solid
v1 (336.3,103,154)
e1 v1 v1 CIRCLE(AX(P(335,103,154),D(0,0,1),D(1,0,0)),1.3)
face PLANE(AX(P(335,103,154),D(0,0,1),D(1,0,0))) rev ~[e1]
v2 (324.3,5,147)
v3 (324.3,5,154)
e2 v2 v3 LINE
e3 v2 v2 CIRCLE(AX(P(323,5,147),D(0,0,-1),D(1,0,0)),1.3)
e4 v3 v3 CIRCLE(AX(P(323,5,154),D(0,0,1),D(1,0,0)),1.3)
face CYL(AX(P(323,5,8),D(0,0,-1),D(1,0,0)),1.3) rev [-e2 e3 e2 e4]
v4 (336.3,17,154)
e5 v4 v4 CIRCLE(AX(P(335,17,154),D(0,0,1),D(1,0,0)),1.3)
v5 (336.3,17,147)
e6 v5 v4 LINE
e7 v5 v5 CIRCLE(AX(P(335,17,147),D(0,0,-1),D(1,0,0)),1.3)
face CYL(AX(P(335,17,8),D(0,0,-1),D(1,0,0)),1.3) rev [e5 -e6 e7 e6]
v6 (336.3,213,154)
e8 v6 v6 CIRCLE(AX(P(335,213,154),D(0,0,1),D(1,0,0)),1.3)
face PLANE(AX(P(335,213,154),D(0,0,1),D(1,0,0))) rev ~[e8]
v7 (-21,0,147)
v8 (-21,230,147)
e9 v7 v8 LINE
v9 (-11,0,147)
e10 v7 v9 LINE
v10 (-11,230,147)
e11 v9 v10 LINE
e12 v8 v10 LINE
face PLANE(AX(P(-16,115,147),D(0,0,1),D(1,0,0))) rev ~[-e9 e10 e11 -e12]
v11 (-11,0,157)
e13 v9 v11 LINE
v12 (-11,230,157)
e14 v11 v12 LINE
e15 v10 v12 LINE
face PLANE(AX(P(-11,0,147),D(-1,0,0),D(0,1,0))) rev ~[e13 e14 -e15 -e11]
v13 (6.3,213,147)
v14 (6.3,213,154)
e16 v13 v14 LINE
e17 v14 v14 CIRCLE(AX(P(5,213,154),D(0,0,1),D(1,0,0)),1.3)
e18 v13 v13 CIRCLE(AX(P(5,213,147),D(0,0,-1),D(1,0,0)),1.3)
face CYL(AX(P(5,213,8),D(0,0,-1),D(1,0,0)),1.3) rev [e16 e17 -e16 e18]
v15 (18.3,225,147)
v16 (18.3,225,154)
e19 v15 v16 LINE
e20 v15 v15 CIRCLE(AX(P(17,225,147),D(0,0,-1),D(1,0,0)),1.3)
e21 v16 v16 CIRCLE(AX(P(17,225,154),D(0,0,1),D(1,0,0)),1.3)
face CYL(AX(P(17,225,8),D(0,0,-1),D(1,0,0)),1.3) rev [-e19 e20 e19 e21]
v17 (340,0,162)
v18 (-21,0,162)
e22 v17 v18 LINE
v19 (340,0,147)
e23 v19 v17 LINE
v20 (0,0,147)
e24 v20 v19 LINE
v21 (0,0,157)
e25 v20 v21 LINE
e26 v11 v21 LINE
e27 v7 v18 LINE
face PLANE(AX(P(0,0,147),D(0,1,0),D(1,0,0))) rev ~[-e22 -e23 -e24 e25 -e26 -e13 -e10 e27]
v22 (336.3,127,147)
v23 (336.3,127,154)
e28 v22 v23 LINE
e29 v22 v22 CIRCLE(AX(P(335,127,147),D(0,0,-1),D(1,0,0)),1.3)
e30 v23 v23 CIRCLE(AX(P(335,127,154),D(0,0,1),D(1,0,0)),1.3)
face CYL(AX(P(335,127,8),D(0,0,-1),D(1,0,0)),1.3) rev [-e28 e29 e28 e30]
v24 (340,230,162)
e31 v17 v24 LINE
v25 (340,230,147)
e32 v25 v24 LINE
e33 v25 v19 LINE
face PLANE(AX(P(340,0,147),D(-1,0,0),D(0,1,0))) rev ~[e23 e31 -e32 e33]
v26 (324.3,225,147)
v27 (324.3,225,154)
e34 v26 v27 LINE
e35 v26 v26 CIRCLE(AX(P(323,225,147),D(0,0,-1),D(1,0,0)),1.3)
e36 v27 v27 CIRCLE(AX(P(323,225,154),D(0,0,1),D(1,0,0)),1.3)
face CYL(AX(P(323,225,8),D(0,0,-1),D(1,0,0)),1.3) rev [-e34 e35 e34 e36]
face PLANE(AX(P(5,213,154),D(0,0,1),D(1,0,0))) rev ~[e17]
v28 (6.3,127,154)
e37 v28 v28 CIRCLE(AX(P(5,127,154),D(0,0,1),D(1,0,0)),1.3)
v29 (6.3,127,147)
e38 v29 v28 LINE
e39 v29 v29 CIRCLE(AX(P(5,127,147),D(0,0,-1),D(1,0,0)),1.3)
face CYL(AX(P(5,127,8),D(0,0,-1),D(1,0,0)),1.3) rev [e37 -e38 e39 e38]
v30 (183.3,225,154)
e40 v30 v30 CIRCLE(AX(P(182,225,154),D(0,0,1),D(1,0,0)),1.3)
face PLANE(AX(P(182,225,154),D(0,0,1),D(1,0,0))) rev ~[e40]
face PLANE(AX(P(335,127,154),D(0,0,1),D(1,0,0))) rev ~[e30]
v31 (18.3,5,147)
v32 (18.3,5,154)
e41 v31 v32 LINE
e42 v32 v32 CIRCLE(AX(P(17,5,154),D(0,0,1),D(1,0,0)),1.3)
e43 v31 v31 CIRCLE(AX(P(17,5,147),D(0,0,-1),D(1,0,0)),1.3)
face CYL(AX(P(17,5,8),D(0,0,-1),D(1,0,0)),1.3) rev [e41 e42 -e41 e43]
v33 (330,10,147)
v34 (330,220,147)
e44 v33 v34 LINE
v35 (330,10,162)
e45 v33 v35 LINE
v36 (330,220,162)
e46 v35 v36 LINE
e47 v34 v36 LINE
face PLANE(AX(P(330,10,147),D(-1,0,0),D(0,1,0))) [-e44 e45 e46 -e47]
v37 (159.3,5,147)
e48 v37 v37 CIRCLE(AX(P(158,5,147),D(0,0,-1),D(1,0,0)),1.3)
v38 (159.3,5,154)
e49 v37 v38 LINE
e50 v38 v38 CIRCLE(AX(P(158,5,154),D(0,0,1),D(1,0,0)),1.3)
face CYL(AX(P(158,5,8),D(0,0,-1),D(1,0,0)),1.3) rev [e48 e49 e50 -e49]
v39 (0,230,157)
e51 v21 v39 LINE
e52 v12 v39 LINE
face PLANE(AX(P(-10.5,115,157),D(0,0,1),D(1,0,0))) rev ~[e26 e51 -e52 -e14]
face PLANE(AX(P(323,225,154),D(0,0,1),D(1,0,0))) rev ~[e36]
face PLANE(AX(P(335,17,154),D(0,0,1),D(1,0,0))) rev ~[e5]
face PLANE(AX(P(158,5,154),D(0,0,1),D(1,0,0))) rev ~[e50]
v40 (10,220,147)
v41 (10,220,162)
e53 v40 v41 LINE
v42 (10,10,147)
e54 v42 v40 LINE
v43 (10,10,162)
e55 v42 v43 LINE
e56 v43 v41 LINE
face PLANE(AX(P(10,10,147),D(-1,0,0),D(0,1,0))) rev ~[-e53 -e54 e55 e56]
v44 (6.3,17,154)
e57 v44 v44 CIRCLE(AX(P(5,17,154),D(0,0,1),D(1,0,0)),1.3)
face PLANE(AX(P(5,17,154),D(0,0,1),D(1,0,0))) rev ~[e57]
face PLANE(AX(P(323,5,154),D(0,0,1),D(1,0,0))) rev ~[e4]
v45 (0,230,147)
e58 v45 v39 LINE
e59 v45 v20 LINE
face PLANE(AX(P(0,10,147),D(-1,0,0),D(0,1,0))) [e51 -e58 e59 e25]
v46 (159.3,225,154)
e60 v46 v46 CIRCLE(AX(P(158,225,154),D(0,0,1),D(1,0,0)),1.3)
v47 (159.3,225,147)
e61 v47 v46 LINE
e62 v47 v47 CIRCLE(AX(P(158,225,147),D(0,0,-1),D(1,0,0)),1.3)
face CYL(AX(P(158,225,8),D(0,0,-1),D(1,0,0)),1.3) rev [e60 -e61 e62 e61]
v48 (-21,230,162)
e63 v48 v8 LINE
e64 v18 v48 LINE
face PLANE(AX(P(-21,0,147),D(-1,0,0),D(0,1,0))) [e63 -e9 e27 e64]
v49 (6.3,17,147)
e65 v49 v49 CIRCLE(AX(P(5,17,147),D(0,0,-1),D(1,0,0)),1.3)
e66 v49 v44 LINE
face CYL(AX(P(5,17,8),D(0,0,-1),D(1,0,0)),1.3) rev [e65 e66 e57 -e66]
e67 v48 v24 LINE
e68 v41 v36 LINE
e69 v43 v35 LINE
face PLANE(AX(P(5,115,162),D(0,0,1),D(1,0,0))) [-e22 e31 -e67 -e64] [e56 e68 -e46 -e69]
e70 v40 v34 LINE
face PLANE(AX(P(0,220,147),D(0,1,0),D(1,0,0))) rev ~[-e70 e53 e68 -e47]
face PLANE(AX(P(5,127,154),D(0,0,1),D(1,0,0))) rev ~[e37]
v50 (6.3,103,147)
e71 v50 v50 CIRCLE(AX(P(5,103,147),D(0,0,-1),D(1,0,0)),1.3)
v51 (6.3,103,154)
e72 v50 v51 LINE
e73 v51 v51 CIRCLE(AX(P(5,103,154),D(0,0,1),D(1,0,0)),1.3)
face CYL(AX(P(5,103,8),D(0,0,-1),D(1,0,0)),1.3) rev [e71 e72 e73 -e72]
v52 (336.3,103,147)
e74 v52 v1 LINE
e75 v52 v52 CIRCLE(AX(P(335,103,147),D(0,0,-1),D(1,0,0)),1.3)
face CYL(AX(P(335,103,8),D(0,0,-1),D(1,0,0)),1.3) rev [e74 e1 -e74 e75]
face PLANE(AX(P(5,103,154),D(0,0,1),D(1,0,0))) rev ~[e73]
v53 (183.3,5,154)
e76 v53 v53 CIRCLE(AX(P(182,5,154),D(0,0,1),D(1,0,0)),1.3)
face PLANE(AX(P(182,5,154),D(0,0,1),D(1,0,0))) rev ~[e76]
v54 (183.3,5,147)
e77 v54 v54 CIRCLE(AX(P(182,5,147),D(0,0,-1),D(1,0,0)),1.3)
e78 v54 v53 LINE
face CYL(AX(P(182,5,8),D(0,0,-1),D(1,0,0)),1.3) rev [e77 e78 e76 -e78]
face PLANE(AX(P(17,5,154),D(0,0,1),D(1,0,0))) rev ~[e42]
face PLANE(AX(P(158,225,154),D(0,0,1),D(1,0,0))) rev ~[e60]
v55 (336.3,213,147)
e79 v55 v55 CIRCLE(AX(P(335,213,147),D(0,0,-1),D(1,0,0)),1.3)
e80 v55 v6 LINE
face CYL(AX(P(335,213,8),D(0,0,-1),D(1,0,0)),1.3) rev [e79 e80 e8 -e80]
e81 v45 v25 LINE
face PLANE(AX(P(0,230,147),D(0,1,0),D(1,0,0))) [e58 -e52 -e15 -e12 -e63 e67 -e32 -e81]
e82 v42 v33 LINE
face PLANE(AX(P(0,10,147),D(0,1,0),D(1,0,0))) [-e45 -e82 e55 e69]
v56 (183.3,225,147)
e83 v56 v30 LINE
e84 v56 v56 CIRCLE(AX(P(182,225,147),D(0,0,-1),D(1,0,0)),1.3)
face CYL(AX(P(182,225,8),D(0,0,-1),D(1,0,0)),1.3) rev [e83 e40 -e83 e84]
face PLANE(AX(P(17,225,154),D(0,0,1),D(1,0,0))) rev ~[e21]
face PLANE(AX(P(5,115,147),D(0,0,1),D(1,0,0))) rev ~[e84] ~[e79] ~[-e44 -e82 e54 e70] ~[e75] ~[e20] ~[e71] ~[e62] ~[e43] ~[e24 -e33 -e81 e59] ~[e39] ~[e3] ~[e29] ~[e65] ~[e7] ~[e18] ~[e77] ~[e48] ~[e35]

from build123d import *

# Parameters (mm, degrees)
CYLINDER047_R     = 1.3
CYLINDER047_DEPTH = 146
CYLINDER045_R     = 1.3
CYLINDER045_DEPTH = 146
CYLINDER043_R     = 1.3
CYLINDER043_DEPTH = 146
CYLINDER040_R     = 1.3
CYLINDER040_DEPTH = 146
CYLINDER039_R     = 1.3
CYLINDER039_DEPTH = 146
CYLINDER036_R     = 1.3
CYLINDER036_DEPTH = 146
CYLINDER034_R     = 1.3
CYLINDER034_DEPTH = 146
CYLINDER032_R     = 1.3
CYLINDER032_DEPTH = 146
CYLINDER030_R     = 1.3
CYLINDER030_DEPTH = 146
CYLINDER018_R     = 1.3
CYLINDER018_DEPTH = 146
CYLINDER017_R     = 1.3
CYLINDER017_DEPTH = 146
CYLINDER012_R     = 1.3
CYLINDER012_DEPTH = 146
CYLINDER011_R     = 1.3
CYLINDER011_DEPTH = 146
CYLINDER009_R     = 1.3
CYLINDER009_DEPTH = 146
CYLINDER002_R     = 1.3
CYLINDER002_DEPTH = 146
CYLINDER001_R     = 1.3
CYLINDER001_DEPTH = 146
BOX046_W          = 10
BOX046_H          = 230
BOX046_DEPTH      = 10
BOX041_W          = 10
BOX041_H          = 210
BOX041_DEPTH      = 15
BOX040_W          = 340
BOX040_H          = 10
BOX040_DEPTH      = 15
BOX024_W          = 10
BOX024_H          = 210
BOX024_DEPTH      = 15
BOX042_W          = 340
BOX042_H          = 10
BOX042_DEPTH      = 15
BOX045_W          = 21
BOX045_H          = 230
BOX045_DEPTH      = 5


with BuildPart() as cilindro047:
    # Cylinder047 → Cylinder047 (new body)
    with BuildSketch(Plane(origin=(5, 103, 8), x_dir=(1, 0, 0), z_dir=(0, 0, 1))):
        Circle(CYLINDER047_R)
    extrude(amount=CYLINDER047_DEPTH)


with BuildPart() as cilindro045:
    # Cylinder045 → Cylinder045 (new body)
    with BuildSketch(Plane(origin=(5, 127, 8), x_dir=(1, 0, 0), z_dir=(0, 0, 1))):
        Circle(CYLINDER045_R)
    extrude(amount=CYLINDER045_DEPTH)


with BuildPart() as cilindro043:
    # Cylinder043 → Cylinder043 (new body)
    with BuildSketch(Plane(origin=(5, 213, 8), x_dir=(1, 0, 0), z_dir=(0, 0, 1))):
        Circle(CYLINDER043_R)
    extrude(amount=CYLINDER043_DEPTH)


with BuildPart() as cilindro040:
    # Cylinder040 → Cylinder040 (new body)
    with BuildSketch(Plane(origin=(17, 225, 8), x_dir=(1, 0, 0), z_dir=(0, 0, 1))):
        Circle(CYLINDER040_R)
    extrude(amount=CYLINDER040_DEPTH)


with BuildPart() as cilindro039:
    # Cylinder039 → Cylinder039 (new body)
    with BuildSketch(Plane(origin=(158, 225, 8), x_dir=(1, 0, 0), z_dir=(0, 0, 1))):
        Circle(CYLINDER039_R)
    extrude(amount=CYLINDER039_DEPTH)


with BuildPart() as cilindro036:
    # Cylinder036 → Cylinder036 (new body)
    with BuildSketch(Plane(origin=(182, 225, 8), x_dir=(1, 0, 0), z_dir=(0, 0, 1))):
        Circle(CYLINDER036_R)
    extrude(amount=CYLINDER036_DEPTH)


with BuildPart() as cilindro034:
    # Cylinder034 → Cylinder034 (new body)
    with BuildSketch(Plane(origin=(323, 225, 8), x_dir=(1, 0, 0), z_dir=(0, 0, 1))):
        Circle(CYLINDER034_R)
    extrude(amount=CYLINDER034_DEPTH)


with BuildPart() as cilindro032:
    # Cylinder032 → Cylinder032 (new body)
    with BuildSketch(Plane(origin=(335, 213, 8), x_dir=(1, 0, 0), z_dir=(0, 0, 1))):
        Circle(CYLINDER032_R)
    extrude(amount=CYLINDER032_DEPTH)


with BuildPart() as cilindro030:
    # Cylinder030 → Cylinder030 (new body)
    with BuildSketch(Plane(origin=(335, 127, 8), x_dir=(1, 0, 0), z_dir=(0, 0, 1))):
        Circle(CYLINDER030_R)
    extrude(amount=CYLINDER030_DEPTH)


with BuildPart() as cilindro018:
    # Cylinder018 → Cylinder018 (new body)
    with BuildSketch(Plane(origin=(335, 103, 8), x_dir=(1, 0, 0), z_dir=(0, 0, 1))):
        Circle(CYLINDER018_R)
    extrude(amount=CYLINDER018_DEPTH)


with BuildPart() as cilindro017:
    # Cylinder017 → Cylinder017 (new body)
    with BuildSketch(Plane(origin=(335, 17, 8), x_dir=(1, 0, 0), z_dir=(0, 0, 1))):
        Circle(CYLINDER017_R)
    extrude(amount=CYLINDER017_DEPTH)


with BuildPart() as cilindro012:
    # Cylinder012 → Cylinder012 (new body)
    with BuildSketch(Plane(origin=(323, 5, 8), x_dir=(1, 0, 0), z_dir=(0, 0, 1))):
        Circle(CYLINDER012_R)
    extrude(amount=CYLINDER012_DEPTH)


with BuildPart() as cilindro011:
    # Cylinder011 → Cylinder011 (new body)
    with BuildSketch(Plane(origin=(182, 5, 8), x_dir=(1, 0, 0), z_dir=(0, 0, 1))):
        Circle(CYLINDER011_R)
    extrude(amount=CYLINDER011_DEPTH)


with BuildPart() as cilindro009:
    # Cylinder009 → Cylinder009 (new body)
    with BuildSketch(Plane(origin=(158, 5, 8), x_dir=(1, 0, 0), z_dir=(0, 0, 1))):
        Circle(CYLINDER009_R)
    extrude(amount=CYLINDER009_DEPTH)


with BuildPart() as cilindro002:
    # Cylinder002 → Cylinder002 (new body)
    with BuildSketch(Plane(origin=(5, 17, 8), x_dir=(1, 0, 0), z_dir=(0, 0, 1))):
        Circle(CYLINDER002_R)
    extrude(amount=CYLINDER002_DEPTH)


with BuildPart() as cilindro001:
    # Cylinder001 → Cylinder001 (new body)
    with BuildSketch(Plane(origin=(17, 5, 8), x_dir=(1, 0, 0), z_dir=(0, 0, 1))):
        Circle(CYLINDER001_R)
    extrude(amount=CYLINDER001_DEPTH)


with BuildPart() as cubo009:
    # Box046 → Box046 (new body)
    with BuildSketch(Plane(origin=(-21, 249, 0), x_dir=(1, 0, 0), z_dir=(0, 0, 1))):
        with Locations((5, 115)):
            Rectangle(BOX046_W, BOX046_H)
    extrude(amount=BOX046_DEPTH)


with BuildPart() as cubo004:
    # Box041 → Box041 (new body)
    with BuildSketch(Plane(origin=(330, 259, 0), x_dir=(1, 0, 0), z_dir=(0, 0, 1))):
        with Locations((5, 105)):
            Rectangle(BOX041_W, BOX041_H)
    extrude(amount=BOX041_DEPTH)


with BuildPart() as cubo003:
    # Box040 → Box040 (new body)
    with BuildSketch(Plane(origin=(0, 249, 0), x_dir=(1, 0, 0), z_dir=(0, 0, 1))):
        with Locations((170, 5)):
            Rectangle(BOX040_W, BOX040_H)
    extrude(amount=BOX040_DEPTH)


with BuildPart() as cubo002:
    # Box024 → Box024 (new body)
    with BuildSketch(Plane(origin=(0, 259, 0), x_dir=(1, 0, 0), z_dir=(0, 0, 1))):
        with Locations((5, 105)):
            Rectangle(BOX024_W, BOX024_H)
    extrude(amount=BOX024_DEPTH)


with BuildPart() as techo:
    # Box042 → Box042 (new body)
    with BuildSketch(Plane(origin=(0, 469, 0), x_dir=(1, 0, 0), z_dir=(0, 0, 1))):
        with Locations((170, 5)):
            Rectangle(BOX042_W, BOX042_H)
    extrude(amount=BOX042_DEPTH)

    # Fusion004: union Cubo004, Cubo003, Cubo002
    add(cubo004.part)
    add(cubo003.part)
    add(cubo002.part)


with BuildPart() as cut062:
    # Box045 → Box045 (new body)
    with BuildSketch(Plane(origin=(-21, 249, 10), x_dir=(1, 0, 0), z_dir=(0, 0, 1))):
        with Locations((10.5, 115)):
            Rectangle(BOX045_W, BOX045_H)
    extrude(amount=BOX045_DEPTH)

    # Fusion005: union Cubo009, techo
    add(cubo009.part)
    add(techo.part)


with BuildPart() as cut062_1:
    # Fusion005 placement: moved
    add(cut062.part.moved(Location((0, -249, 147))))

    # Cut016: cut Cilindro001
    add(cilindro001.part, mode=Mode.SUBTRACT)

    # Cut017: cut Cilindro002
    add(cilindro002.part, mode=Mode.SUBTRACT)

    # Cut023: cut Cilindro009
    add(cilindro009.part, mode=Mode.SUBTRACT)

    # Cut026: cut Cilindro011
    add(cilindro011.part, mode=Mode.SUBTRACT)

    # Cut029: cut Cilindro012
    add(cilindro012.part, mode=Mode.SUBTRACT)

    # Cut032: cut Cilindro017
    add(cilindro017.part, mode=Mode.SUBTRACT)

    # Cut043: cut Cilindro018
    add(cilindro018.part, mode=Mode.SUBTRACT)

    # Cut045: cut Cilindro030
    add(cilindro030.part, mode=Mode.SUBTRACT)

    # Cut047: cut Cilindro032
    add(cilindro032.part, mode=Mode.SUBTRACT)

    # Cut049: cut Cilindro034
    add(cilindro034.part, mode=Mode.SUBTRACT)

    # Cut051: cut Cilindro036
    add(cilindro036.part, mode=Mode.SUBTRACT)

    # Cut054: cut Cilindro039
    add(cilindro039.part, mode=Mode.SUBTRACT)

    # Cut055: cut Cilindro040
    add(cilindro040.part, mode=Mode.SUBTRACT)

    # Cut058: cut Cilindro043
    add(cilindro043.part, mode=Mode.SUBTRACT)

    # Cut060: cut Cilindro045
    add(cilindro045.part, mode=Mode.SUBTRACT)

    # Cut062: cut Cilindro047
    add(cilindro047.part, mode=Mode.SUBTRACT)


solid = cut062_1.part
